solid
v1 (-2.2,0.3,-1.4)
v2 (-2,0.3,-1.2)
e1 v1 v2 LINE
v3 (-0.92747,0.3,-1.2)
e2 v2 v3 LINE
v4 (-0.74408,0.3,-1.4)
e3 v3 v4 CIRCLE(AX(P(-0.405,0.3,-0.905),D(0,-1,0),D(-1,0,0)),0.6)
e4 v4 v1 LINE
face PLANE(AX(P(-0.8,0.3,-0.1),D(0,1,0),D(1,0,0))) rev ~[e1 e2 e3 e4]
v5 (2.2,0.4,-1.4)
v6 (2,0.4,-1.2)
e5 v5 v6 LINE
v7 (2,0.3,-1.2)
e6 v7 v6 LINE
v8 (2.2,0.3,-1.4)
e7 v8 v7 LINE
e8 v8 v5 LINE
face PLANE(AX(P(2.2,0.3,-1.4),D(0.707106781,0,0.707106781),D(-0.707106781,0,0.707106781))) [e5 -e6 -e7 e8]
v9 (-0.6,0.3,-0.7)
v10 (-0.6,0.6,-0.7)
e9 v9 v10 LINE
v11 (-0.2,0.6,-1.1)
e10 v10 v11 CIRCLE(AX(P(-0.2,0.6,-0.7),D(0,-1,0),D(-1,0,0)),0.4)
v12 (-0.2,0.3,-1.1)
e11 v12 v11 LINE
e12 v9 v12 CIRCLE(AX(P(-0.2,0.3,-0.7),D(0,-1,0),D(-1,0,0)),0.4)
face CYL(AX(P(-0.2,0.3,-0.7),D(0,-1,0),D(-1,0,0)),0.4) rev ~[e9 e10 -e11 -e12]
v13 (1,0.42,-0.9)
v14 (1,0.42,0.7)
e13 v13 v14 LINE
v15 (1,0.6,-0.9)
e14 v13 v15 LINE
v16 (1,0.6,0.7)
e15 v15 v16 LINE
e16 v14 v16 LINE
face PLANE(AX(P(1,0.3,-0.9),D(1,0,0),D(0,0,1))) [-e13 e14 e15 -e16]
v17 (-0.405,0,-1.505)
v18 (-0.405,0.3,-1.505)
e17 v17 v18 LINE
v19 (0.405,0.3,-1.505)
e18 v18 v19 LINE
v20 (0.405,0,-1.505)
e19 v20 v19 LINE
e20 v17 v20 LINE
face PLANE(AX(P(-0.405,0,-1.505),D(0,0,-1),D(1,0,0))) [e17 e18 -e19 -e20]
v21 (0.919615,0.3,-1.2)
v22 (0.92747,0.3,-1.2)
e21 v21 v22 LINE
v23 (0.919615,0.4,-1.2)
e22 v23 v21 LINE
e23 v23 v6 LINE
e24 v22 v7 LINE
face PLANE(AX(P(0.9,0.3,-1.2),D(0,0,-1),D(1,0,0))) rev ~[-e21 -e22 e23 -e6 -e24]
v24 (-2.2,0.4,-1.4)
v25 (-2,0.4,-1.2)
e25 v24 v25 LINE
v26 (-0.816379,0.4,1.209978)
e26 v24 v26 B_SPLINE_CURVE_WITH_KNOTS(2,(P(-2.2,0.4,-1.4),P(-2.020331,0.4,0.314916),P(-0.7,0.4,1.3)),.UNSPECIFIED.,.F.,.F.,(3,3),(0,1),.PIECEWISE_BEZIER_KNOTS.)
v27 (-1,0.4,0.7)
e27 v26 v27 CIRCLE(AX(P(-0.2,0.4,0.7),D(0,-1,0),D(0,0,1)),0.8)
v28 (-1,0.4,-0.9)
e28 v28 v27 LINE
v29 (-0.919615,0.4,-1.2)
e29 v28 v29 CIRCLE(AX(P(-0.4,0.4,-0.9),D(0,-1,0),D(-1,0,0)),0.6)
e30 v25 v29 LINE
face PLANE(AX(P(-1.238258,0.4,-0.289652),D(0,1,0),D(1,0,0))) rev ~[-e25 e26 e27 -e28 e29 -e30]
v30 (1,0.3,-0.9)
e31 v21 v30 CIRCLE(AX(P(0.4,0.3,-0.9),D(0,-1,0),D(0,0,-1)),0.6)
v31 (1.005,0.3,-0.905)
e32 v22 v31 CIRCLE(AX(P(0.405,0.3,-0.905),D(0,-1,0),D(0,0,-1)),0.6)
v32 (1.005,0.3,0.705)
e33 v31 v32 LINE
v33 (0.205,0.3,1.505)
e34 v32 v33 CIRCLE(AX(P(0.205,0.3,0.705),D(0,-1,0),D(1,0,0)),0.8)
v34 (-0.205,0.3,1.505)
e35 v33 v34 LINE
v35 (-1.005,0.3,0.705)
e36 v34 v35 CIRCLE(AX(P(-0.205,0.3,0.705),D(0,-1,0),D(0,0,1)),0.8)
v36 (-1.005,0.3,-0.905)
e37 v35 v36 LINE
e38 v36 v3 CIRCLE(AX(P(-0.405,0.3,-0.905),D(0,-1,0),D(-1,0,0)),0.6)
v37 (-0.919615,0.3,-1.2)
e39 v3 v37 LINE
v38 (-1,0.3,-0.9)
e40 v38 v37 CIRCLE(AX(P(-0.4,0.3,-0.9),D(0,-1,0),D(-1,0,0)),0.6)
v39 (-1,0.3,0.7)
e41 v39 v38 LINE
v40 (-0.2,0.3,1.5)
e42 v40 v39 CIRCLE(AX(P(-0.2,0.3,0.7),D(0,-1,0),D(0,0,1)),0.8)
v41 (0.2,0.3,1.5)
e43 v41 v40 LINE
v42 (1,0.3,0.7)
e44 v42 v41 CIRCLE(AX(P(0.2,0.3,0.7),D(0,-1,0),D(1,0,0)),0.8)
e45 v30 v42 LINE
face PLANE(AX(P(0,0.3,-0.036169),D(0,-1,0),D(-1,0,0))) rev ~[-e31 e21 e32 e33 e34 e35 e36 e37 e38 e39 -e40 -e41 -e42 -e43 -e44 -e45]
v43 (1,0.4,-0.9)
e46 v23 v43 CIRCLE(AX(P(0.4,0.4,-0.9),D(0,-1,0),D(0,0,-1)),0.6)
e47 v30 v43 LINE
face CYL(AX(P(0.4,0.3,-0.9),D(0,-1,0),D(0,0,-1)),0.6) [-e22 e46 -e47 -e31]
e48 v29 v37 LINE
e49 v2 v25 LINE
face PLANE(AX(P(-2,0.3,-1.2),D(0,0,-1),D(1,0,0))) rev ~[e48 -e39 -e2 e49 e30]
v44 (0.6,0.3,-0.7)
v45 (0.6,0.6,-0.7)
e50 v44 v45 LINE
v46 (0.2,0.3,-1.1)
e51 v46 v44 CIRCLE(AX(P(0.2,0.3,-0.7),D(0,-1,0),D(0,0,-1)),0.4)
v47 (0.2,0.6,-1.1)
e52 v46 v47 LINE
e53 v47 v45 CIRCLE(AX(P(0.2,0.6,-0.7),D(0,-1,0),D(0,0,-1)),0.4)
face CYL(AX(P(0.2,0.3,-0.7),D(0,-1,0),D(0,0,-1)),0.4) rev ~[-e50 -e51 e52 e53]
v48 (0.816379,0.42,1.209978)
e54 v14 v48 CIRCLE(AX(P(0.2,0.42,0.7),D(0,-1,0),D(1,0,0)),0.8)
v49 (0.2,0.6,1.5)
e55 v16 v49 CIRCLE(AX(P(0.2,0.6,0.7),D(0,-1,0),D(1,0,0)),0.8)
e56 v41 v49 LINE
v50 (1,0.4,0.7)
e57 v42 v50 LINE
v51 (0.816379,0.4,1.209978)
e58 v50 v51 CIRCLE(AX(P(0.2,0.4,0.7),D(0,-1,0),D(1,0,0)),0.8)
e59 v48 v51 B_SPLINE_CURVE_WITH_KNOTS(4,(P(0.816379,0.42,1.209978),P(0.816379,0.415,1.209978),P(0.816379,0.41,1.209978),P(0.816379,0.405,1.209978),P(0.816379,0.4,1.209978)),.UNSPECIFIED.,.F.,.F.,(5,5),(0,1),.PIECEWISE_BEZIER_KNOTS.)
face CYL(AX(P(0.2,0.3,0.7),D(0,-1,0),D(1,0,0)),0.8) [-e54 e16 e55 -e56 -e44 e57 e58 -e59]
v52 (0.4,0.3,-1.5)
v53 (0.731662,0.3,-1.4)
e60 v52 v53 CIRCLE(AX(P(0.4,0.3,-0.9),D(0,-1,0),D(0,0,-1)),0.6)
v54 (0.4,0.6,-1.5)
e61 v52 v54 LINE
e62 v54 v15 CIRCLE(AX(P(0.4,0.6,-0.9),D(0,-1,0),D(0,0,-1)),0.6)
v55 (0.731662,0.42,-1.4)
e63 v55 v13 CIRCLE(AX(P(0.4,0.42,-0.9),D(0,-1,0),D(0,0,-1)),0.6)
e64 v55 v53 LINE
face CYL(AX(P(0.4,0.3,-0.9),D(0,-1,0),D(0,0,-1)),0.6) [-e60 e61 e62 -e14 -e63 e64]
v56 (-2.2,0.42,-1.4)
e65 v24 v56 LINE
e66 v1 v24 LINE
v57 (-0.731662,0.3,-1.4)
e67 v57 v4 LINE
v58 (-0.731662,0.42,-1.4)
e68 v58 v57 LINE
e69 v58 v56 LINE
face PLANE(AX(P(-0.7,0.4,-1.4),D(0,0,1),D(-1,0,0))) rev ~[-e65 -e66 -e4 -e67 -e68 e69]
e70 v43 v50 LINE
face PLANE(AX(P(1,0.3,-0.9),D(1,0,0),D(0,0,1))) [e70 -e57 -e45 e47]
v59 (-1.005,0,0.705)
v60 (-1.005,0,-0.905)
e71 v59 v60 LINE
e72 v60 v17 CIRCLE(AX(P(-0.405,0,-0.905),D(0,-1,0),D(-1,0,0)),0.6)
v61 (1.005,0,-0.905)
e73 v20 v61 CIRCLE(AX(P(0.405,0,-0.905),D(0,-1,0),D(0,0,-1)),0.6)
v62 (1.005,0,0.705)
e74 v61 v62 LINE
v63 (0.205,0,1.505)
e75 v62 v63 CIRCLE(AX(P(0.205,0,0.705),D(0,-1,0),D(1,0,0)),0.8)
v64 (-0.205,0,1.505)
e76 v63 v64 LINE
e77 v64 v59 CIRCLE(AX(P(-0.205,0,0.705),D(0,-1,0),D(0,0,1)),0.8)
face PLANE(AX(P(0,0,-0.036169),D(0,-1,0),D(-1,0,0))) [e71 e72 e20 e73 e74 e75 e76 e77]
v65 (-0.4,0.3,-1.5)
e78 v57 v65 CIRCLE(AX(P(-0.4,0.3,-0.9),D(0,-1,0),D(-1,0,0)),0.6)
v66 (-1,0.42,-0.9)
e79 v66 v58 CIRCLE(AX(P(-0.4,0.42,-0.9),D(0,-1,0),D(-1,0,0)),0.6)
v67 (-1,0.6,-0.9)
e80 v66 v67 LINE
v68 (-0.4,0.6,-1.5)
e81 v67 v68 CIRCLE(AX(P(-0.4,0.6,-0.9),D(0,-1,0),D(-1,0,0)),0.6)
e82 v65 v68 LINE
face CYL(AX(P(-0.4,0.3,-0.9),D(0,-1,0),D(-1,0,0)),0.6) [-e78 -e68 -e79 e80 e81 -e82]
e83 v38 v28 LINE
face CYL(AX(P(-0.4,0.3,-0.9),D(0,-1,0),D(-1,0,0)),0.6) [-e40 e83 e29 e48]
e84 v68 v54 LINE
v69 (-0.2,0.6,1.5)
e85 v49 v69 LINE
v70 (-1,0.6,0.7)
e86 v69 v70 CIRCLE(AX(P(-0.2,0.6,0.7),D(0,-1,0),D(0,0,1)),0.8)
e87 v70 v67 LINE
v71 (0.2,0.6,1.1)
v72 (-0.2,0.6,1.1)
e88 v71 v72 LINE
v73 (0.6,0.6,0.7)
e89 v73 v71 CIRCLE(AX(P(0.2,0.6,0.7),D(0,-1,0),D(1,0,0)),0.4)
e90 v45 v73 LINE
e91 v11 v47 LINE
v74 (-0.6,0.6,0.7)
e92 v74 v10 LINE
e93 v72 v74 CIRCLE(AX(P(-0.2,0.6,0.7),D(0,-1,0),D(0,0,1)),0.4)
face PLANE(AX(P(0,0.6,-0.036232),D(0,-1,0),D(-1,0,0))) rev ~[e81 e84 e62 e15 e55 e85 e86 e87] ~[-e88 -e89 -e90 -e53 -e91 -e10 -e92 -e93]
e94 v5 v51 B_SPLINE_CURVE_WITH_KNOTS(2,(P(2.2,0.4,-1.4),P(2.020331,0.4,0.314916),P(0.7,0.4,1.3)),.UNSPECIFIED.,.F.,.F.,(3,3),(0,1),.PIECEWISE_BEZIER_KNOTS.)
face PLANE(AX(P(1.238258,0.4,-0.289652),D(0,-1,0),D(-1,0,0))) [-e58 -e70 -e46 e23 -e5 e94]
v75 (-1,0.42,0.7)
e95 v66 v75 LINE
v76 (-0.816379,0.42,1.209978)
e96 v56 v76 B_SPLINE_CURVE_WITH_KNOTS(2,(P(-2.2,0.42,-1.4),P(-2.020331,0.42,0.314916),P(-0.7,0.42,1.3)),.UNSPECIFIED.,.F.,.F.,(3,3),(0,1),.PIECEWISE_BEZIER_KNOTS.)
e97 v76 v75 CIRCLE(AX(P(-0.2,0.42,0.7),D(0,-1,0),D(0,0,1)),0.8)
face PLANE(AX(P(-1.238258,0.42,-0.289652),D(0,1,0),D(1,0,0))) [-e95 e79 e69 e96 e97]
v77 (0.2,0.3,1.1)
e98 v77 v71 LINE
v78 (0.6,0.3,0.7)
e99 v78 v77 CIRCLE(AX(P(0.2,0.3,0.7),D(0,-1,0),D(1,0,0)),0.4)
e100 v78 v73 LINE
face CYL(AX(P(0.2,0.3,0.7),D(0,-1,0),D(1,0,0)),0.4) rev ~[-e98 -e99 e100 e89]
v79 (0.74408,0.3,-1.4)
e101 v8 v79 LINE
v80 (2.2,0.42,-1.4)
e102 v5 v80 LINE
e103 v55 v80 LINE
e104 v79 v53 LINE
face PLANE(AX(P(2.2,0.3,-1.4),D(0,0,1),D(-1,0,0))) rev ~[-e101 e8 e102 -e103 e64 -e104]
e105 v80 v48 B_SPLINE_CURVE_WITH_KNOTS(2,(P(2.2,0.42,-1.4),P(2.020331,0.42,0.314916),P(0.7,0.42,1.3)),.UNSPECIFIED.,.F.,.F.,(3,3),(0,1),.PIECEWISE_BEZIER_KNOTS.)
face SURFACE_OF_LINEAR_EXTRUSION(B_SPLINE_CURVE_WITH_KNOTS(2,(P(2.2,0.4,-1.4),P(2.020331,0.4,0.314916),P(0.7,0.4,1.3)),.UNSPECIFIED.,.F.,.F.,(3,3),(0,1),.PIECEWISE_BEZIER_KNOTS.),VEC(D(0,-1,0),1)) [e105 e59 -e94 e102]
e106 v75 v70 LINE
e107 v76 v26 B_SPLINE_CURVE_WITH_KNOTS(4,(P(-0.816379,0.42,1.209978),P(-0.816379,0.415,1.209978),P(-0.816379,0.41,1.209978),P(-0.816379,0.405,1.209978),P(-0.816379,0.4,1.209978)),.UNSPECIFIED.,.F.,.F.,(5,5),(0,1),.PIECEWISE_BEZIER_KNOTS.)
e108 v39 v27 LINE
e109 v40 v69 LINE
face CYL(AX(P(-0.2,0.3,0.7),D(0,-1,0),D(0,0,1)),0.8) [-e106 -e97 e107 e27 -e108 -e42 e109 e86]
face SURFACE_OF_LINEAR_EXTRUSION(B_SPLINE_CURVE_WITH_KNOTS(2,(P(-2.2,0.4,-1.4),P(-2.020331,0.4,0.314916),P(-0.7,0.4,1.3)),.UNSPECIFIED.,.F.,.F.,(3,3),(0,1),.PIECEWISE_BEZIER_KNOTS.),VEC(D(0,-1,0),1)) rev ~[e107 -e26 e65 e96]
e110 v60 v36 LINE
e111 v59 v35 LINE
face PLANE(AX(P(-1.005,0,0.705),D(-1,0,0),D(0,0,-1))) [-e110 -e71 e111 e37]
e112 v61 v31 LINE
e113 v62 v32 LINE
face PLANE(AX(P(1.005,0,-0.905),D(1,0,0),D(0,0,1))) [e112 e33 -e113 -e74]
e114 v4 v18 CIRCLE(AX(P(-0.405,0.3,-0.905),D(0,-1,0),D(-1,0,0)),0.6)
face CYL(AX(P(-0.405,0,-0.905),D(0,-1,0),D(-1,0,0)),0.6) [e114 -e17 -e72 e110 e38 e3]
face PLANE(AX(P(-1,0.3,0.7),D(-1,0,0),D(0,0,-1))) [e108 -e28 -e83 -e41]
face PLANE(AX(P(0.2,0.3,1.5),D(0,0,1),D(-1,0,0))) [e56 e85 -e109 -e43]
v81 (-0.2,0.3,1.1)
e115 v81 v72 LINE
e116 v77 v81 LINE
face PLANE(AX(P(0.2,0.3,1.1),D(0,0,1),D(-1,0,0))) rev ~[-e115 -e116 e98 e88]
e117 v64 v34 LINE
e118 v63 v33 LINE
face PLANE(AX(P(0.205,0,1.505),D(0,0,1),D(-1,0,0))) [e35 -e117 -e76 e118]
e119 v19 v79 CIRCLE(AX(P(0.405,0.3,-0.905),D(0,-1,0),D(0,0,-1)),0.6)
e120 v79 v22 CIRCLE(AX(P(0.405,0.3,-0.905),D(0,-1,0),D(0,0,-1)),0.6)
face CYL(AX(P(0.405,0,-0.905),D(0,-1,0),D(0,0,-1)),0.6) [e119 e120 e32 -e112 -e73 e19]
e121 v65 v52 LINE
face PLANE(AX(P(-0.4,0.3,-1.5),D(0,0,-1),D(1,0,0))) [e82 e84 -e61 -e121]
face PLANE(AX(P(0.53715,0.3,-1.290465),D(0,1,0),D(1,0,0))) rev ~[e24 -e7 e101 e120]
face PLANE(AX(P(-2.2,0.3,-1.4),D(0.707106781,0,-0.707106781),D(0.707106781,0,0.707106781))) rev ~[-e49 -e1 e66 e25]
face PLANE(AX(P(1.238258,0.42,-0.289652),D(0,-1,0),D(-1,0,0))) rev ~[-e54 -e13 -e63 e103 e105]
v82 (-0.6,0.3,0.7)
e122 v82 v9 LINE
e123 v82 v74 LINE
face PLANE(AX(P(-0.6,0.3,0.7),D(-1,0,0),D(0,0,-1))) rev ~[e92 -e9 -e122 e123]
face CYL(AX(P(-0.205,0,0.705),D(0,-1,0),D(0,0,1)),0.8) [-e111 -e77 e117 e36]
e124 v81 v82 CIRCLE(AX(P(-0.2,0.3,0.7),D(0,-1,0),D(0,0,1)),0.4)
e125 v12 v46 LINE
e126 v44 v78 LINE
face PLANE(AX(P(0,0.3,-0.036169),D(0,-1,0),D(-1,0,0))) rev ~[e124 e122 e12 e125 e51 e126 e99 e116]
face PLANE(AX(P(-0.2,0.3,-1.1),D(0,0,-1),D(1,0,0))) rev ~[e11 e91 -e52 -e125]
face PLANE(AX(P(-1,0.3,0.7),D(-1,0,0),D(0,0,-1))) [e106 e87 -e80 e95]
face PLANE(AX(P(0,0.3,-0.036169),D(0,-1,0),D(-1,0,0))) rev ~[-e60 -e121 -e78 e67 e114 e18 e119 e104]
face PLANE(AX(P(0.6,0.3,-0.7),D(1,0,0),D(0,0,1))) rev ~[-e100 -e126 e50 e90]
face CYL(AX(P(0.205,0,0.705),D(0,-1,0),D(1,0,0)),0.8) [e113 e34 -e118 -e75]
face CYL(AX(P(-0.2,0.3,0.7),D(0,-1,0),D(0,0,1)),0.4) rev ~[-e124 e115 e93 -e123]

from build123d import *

# Parameters (mm, degrees)
EXTRUDE_1_DEPTH = 3
SKETCH_2_W      = 2
SKETCH_2_H      = 22
EXTRUDE_2_DEPTH = 1
EXTRUDE_3_DEPTH = 0.2
EXTRUDE_4_DEPTH = 3
SCALE_1_SCALE   = 0.1


with BuildPart() as part:
    # 草图1 → 凸台-拉伸1 (new body)
    with BuildSketch(Plane(origin=(0, 0, 0), x_dir=(1, 0, 0), z_dir=(0, 1, 0))):
        with BuildLine():
            Line((-4.05, 15.05), (4.05, 15.05))
            ThreePointArc((4.05, 15.05), (8.292640687, 13.292640687), (10.05, 9.05))
            Line((10.05, 9.05), (10.05, -7.05))
            ThreePointArc((10.05, -7.05), (7.706854249, -12.706854249), (2.05, -15.05))
            Line((2.05, -15.05), (-2.05, -15.05))
            ThreePointArc((-2.05, -15.05), (-7.706854249, -12.706854249), (-10.05, -7.05))
            Line((-10.05, -7.05), (-10.05, 9.05))
            ThreePointArc((-10.05, 9.05), (-8.292640687, 13.292640687), (-4.05, 15.05))
        make_face()
    extrude(amount=EXTRUDE_1_DEPTH)

    # 草图2 → 凸台-拉伸2 (add)
    with BuildSketch(Plane(origin=(0, 3, 0), x_dir=(1, 0, 0), z_dir=(0, 1, 0))):
        with Locations((-8, 1)):
            Rectangle(SKETCH_2_W, SKETCH_2_H)
        with BuildLine():
            Line((-9, 12), (-7, 12))
            Line((-7, 12), (-2, 12))
            Line((-2, 12), (-2, 14))
            Line((-2, 14), (-7.440796367, 14))
            ThreePointArc((-7.440796367, 14), (-8.472295614, 13.105034094), (-9.274700948, 12))
            Line((-9.274700948, 12), (-9, 12))
        make_face()
        with BuildLine():
            Line((-20, 12), (-9.274700948, 12))
            ThreePointArc((-9.274700948, 12), (-8.472295614, 13.105034094), (-7.440796367, 14))
            Line((-7.440796367, 14), (-20, 14))
            Line((-20, 14), (-20, 12))
        make_face()
        Polygon((-20, 14), (-22, 14), (-20, 12), align=None)
        Polygon((-7, -13), (-9, -10), (-7, -10), align=None)
        with BuildLine():
            ThreePointArc((9.274700948, 12), (8.472295614, 13.105034094), (7.440796367, 14))
            Line((7.440796367, 14), (2, 14))
            Line((2, 14), (2, 12))
            Line((2, 12), (7, 12))
            Line((7, 12), (9, 12))
            Line((9, 12), (9.274700948, 12))
        make_face()
        with BuildLine():
            Line((20, 12), (20, 14))
            Line((20, 14), (7.440796367, 14))
            ThreePointArc((7.440796367, 14), (8.472295614, 13.105034094), (9.274700948, 12))
            Line((9.274700948, 12), (20, 12))
        make_face()
        Polygon((20, 12), (20, 14), (22, 14), align=None)
        with Locations((8, 1)):
            Rectangle(SKETCH_2_W, SKETCH_2_H)
        Polygon((7, -10), (9, -10), (7, -13), align=None)
    extrude(amount=EXTRUDE_2_DEPTH)

    # 草图3 → 凸台-拉伸3 (add)
    with BuildSketch(Plane(origin=(0, 4, 0), x_dir=(1, 0, 0), z_dir=(0, 1, 0))):
        with BuildLine():
            Line((-7, -13), (-7, 14))
            Line((-7, 14), (-22, 14))
            add(Edge.make_bspline(
                [(-22, 14), (-20.203305703, -3.149159716), (-7, -13)],
                knots=[0, 0, 0, 1, 1, 1], degree=2))
        make_face()
        with BuildLine():
            Line((7, -13), (7, 14))
            Line((7, 14), (22, 14))
            add(Edge.make_bspline(
                [(22, 14), (20.203305703, -3.149159716), (7, -13)],
                knots=[0, 0, 0, 1, 1, 1], degree=2))
        make_face()
    extrude(amount=EXTRUDE_3_DEPTH)

    # 草图4 → 凸台-拉伸4 (add)
    with BuildSketch(Plane(origin=(0, 3, 0), x_dir=(1, 0, 0), z_dir=(0, 1, 0))):
        with BuildLine():
            Line((-4, 15), (4, 15))
            ThreePointArc((4, 15), (8.242640687, 13.242640687), (10, 9))
            Line((10, 9), (10, -7))
            ThreePointArc((10, -7), (7.656854249, -12.656854249), (2, -15))
            Line((2, -15), (-2, -15))
            ThreePointArc((-2, -15), (-7.656854249, -12.656854249), (-10, -7))
            Line((-10, -7), (-10, 9))
            ThreePointArc((-10, 9), (-8.242640687, 13.242640687), (-4, 15))
        make_face()
        with BuildLine():
            Line((-2, 11), (2, 11))
            ThreePointArc((2, 11), (4.828427125, 9.828427125), (6, 7))
            Line((6, 7), (6, -7))
            ThreePointArc((6, -7), (4.828427125, -9.828427125), (2, -11))
            Line((2, -11), (-2, -11))
            ThreePointArc((-2, -11), (-4.828427125, -9.828427125), (-6, -7))
            Line((-6, -7), (-6, 7))
            ThreePointArc((-6, 7), (-4.828427125, 9.828427125), (-2, 11))
        make_face(mode=Mode.SUBTRACT)
    extrude(amount=EXTRUDE_4_DEPTH)


with BuildPart() as part_1:
    # 缩放比例1: scaled about (0, 0, 0)
    add(part.part.scale(SCALE_1_SCALE))


solid = part_1.part
